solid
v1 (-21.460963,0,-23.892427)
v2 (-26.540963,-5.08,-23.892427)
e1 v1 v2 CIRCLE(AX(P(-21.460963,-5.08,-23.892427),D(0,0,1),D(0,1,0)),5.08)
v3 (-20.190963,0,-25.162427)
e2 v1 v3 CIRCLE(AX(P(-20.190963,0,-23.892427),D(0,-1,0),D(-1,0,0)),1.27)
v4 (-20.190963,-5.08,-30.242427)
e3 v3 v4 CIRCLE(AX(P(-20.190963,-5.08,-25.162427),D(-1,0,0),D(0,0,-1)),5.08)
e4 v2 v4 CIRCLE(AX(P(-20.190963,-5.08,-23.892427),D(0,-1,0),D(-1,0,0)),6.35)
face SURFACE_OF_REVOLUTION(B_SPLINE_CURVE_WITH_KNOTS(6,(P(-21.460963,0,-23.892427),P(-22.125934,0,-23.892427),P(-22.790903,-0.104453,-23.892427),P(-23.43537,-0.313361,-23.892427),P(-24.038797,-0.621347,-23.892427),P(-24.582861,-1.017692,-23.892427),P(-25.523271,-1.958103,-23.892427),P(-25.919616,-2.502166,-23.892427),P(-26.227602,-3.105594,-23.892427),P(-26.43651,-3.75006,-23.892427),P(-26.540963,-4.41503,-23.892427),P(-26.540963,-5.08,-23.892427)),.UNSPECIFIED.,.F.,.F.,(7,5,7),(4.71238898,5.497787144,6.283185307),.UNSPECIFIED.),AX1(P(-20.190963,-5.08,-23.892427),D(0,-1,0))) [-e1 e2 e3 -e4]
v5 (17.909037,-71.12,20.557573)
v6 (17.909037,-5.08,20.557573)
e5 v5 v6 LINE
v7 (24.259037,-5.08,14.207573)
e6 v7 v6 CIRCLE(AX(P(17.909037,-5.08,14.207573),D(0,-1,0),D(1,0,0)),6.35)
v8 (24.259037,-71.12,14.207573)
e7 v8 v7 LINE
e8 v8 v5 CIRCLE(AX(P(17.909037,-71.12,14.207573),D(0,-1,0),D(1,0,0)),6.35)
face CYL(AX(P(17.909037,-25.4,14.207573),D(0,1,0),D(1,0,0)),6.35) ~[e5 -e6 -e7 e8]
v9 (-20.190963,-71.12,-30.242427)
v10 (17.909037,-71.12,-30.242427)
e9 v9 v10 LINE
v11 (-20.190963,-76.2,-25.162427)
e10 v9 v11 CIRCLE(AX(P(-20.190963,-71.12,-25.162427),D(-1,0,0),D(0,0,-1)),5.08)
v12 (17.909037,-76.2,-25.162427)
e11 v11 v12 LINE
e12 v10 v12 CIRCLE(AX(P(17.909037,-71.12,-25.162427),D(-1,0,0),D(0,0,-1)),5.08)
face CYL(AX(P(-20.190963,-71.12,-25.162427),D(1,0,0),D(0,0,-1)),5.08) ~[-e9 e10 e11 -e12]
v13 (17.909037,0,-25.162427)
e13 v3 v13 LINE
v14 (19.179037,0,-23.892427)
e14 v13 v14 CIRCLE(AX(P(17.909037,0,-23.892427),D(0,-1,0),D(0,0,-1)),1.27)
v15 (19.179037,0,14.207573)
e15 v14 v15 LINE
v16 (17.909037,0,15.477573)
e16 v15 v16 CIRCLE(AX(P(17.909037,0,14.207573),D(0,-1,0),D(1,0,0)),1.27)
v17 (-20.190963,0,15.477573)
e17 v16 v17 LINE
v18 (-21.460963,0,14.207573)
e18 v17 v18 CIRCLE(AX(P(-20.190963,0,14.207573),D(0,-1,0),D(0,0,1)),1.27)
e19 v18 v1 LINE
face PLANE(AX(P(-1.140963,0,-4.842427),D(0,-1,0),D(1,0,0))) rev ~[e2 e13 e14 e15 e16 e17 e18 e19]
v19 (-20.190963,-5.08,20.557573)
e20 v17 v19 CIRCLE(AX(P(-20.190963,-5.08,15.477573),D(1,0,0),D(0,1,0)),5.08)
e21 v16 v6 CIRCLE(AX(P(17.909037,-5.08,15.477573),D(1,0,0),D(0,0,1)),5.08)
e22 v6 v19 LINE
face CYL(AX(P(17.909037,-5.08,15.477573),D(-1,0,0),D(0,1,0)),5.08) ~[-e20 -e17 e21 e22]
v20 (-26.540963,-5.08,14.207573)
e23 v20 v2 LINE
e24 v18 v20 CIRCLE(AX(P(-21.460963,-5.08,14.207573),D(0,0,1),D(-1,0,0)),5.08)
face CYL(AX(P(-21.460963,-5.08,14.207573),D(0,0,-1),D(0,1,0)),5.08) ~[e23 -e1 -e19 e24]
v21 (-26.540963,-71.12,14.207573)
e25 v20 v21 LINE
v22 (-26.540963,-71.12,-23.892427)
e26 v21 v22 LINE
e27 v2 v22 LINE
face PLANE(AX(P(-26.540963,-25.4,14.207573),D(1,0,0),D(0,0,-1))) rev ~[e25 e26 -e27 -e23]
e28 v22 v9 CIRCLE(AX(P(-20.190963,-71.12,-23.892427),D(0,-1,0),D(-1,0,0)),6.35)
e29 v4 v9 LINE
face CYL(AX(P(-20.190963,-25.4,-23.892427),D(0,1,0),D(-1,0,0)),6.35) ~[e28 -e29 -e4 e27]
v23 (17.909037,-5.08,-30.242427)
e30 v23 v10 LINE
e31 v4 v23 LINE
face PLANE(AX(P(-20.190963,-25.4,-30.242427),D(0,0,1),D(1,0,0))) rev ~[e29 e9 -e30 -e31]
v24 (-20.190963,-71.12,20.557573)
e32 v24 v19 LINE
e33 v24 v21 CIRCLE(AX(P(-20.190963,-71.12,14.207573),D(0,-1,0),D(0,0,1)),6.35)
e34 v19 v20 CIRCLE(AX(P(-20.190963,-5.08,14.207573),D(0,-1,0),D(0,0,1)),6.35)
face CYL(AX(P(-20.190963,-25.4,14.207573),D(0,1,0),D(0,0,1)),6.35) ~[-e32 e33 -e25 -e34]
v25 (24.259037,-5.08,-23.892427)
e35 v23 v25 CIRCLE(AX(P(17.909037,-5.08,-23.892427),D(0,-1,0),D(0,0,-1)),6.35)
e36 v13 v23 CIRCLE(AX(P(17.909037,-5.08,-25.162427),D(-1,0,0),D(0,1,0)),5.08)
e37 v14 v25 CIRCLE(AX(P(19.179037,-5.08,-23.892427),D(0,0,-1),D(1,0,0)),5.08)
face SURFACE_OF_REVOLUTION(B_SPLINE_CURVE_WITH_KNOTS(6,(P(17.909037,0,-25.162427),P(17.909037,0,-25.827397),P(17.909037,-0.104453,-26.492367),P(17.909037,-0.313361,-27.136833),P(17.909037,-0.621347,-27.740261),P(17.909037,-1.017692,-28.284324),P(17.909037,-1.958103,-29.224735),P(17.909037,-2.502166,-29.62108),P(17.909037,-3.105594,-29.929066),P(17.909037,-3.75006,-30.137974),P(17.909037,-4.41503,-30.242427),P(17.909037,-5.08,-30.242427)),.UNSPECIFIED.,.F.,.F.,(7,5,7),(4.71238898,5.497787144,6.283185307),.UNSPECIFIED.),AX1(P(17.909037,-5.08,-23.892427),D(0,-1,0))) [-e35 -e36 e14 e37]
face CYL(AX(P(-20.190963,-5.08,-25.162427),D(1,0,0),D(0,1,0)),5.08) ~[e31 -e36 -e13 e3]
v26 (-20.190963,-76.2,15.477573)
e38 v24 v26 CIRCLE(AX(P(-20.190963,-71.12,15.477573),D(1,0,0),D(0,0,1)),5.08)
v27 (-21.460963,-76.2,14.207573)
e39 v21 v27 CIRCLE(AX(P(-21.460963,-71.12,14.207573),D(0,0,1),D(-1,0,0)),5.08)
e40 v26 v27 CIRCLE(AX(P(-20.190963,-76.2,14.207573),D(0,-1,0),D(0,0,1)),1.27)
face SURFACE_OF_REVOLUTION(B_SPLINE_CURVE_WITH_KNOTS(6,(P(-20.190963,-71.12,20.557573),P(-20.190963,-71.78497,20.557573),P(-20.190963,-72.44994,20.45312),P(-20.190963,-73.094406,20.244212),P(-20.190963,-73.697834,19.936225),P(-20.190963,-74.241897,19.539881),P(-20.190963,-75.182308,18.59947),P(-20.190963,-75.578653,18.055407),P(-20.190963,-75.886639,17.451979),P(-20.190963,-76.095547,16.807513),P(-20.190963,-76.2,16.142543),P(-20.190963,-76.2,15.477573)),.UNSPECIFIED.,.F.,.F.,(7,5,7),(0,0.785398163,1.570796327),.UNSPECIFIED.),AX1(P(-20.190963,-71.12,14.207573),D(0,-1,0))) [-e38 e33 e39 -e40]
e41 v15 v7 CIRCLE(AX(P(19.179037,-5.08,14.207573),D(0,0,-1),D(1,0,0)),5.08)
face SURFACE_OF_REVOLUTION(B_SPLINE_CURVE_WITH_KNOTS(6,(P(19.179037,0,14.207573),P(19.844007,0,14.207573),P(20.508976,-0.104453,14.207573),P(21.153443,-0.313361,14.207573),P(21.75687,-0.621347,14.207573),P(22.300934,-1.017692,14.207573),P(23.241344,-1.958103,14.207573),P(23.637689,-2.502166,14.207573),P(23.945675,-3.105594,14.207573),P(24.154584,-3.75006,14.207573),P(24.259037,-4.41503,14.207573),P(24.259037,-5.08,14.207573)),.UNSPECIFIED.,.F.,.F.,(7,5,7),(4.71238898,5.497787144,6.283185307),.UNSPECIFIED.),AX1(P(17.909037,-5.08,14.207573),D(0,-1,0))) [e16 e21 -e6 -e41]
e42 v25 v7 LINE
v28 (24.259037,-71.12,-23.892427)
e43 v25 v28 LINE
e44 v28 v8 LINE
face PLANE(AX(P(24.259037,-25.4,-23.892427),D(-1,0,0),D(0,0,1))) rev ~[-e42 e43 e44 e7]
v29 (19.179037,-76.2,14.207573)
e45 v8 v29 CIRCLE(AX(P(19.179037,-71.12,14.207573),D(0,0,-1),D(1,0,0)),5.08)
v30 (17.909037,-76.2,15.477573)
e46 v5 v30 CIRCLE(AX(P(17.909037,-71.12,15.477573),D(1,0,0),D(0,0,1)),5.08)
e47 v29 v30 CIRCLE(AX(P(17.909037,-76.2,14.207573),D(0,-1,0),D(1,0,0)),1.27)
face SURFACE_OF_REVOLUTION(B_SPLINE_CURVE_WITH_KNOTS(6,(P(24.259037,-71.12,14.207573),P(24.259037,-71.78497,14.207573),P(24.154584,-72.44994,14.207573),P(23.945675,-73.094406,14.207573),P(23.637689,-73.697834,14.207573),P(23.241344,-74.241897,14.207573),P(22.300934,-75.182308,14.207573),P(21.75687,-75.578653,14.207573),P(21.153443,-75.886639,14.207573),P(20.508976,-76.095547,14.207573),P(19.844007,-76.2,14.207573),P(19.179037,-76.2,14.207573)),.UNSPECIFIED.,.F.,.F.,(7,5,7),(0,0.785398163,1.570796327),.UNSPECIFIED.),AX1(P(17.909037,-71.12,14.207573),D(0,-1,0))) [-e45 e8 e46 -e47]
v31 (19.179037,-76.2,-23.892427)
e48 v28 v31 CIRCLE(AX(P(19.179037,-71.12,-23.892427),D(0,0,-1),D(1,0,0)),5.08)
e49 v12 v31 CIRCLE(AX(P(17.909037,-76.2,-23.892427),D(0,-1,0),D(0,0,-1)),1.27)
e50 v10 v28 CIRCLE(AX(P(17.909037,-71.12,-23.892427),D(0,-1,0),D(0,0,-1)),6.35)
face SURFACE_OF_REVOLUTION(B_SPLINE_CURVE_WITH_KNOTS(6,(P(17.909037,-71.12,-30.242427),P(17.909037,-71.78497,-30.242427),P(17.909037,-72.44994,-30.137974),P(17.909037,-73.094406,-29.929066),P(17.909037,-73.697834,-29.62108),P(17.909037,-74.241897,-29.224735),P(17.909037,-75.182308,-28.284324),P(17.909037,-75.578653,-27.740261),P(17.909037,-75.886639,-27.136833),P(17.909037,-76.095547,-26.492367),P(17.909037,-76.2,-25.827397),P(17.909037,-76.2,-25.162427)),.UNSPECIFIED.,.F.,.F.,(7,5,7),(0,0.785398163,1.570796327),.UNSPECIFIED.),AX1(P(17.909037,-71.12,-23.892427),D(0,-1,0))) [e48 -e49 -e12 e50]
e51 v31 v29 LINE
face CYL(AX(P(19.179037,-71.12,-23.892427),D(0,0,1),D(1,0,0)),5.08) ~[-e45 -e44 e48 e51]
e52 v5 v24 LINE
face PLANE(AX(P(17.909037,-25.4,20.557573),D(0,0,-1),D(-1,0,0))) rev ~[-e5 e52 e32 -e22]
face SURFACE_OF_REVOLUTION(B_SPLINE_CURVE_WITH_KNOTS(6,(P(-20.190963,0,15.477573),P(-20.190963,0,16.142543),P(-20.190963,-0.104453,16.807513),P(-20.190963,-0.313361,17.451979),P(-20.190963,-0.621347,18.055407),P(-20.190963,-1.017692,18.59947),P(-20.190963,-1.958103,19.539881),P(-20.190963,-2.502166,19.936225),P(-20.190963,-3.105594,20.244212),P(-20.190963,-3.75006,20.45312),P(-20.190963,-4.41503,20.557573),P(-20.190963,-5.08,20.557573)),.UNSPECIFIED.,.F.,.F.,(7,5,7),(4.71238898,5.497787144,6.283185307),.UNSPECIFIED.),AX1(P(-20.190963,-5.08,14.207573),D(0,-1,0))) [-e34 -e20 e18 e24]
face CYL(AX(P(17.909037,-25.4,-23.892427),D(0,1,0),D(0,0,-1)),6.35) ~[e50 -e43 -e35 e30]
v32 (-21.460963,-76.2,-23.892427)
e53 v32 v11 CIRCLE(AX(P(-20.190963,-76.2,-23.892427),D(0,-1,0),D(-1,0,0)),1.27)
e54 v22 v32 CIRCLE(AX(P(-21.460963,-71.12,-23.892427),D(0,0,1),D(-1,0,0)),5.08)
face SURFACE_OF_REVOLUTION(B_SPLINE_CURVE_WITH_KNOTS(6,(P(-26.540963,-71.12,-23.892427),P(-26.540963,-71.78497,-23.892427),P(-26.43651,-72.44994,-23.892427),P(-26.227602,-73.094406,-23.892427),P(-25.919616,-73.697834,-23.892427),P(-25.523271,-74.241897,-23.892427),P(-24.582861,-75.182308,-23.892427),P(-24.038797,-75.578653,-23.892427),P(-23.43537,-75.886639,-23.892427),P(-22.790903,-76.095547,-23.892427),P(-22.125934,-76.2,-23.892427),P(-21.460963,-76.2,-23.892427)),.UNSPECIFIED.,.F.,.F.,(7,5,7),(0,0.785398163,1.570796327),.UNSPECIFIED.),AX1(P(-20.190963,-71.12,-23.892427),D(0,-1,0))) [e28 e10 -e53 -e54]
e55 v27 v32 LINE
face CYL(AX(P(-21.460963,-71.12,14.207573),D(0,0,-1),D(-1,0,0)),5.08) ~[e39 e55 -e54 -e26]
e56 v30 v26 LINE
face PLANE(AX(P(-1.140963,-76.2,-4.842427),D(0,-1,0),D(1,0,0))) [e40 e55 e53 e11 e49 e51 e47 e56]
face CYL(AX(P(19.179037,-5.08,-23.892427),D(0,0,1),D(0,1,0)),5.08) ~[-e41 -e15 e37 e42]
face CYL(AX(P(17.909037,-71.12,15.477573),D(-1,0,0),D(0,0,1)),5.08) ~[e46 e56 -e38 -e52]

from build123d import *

# Parameters (mm, degrees)
F1_DEPTH = 25.4
F2_DEPTH = 50.8
F3_R     = 5.08
F4_R     = 5.08


with BuildPart() as f1:
    # F0 (on Front) → F1 (new body)
    with BuildSketch(Plane.XZ):
        with BuildLine():
            ThreePointArc((-20.1909632862, 20.5575729657), (-24.6810913467, 18.6977010262), (-26.5409632862, 14.2075729657))
            Line((-26.5409632862, 14.2075729657), (-26.5409632862, -23.8924270343))
            ThreePointArc((-26.5409632862, -23.8924270343), (-24.6810913467, -28.3825550948), (-20.1909632862, -30.2424270343))
            Line((-20.1909632862, -30.2424270343), (17.9090367138, -30.2424270343))
            ThreePointArc((17.9090367138, -30.2424270343), (22.3991647744, -28.3825550948), (24.2590367138, -23.8924270343))
            Line((24.2590367138, -23.8924270343), (24.2590367138, 14.2075729657))
            ThreePointArc((24.2590367138, 14.2075729657), (22.3991647744, 18.6977010262), (17.9090367138, 20.5575729657))
            Line((17.9090367138, 20.5575729657), (-20.1909632862, 20.5575729657))
        make_face()
    extrude(amount=F1_DEPTH)

    # F2 (add): a face of the model
    f2_faces = [f1.faces().sort_by_distance(p)[0] for p in [
        (-1.1409632862, -25.4, -4.8424270343),
    ]]
    extrude(f2_faces, amount=F2_DEPTH)

    # F3
    f3_edges = [f1.edges().sort_by_distance(p)[0] for p in [
        (-26.540963, -76.2, -4.842427),
    ]]
    fillet(f3_edges, radius=F3_R)

    # F4
    f4_edges = [f1.edges().sort_by_distance(p)[0] for p in [
        (22.399165, 0, 18.697701),
        (-1.140963, 0, 20.557573),
        (-24.681091, 0, 18.697701),
        (-26.540963, 0, -4.842427),
        (-24.681091, 0, -28.382555),
        (-1.140963, 0, -30.242427),
        (22.399165, 0, -28.382555),
        (24.259037, 0, -4.842427),
    ]]
    fillet(f4_edges, radius=F4_R)


solid = f1.part
